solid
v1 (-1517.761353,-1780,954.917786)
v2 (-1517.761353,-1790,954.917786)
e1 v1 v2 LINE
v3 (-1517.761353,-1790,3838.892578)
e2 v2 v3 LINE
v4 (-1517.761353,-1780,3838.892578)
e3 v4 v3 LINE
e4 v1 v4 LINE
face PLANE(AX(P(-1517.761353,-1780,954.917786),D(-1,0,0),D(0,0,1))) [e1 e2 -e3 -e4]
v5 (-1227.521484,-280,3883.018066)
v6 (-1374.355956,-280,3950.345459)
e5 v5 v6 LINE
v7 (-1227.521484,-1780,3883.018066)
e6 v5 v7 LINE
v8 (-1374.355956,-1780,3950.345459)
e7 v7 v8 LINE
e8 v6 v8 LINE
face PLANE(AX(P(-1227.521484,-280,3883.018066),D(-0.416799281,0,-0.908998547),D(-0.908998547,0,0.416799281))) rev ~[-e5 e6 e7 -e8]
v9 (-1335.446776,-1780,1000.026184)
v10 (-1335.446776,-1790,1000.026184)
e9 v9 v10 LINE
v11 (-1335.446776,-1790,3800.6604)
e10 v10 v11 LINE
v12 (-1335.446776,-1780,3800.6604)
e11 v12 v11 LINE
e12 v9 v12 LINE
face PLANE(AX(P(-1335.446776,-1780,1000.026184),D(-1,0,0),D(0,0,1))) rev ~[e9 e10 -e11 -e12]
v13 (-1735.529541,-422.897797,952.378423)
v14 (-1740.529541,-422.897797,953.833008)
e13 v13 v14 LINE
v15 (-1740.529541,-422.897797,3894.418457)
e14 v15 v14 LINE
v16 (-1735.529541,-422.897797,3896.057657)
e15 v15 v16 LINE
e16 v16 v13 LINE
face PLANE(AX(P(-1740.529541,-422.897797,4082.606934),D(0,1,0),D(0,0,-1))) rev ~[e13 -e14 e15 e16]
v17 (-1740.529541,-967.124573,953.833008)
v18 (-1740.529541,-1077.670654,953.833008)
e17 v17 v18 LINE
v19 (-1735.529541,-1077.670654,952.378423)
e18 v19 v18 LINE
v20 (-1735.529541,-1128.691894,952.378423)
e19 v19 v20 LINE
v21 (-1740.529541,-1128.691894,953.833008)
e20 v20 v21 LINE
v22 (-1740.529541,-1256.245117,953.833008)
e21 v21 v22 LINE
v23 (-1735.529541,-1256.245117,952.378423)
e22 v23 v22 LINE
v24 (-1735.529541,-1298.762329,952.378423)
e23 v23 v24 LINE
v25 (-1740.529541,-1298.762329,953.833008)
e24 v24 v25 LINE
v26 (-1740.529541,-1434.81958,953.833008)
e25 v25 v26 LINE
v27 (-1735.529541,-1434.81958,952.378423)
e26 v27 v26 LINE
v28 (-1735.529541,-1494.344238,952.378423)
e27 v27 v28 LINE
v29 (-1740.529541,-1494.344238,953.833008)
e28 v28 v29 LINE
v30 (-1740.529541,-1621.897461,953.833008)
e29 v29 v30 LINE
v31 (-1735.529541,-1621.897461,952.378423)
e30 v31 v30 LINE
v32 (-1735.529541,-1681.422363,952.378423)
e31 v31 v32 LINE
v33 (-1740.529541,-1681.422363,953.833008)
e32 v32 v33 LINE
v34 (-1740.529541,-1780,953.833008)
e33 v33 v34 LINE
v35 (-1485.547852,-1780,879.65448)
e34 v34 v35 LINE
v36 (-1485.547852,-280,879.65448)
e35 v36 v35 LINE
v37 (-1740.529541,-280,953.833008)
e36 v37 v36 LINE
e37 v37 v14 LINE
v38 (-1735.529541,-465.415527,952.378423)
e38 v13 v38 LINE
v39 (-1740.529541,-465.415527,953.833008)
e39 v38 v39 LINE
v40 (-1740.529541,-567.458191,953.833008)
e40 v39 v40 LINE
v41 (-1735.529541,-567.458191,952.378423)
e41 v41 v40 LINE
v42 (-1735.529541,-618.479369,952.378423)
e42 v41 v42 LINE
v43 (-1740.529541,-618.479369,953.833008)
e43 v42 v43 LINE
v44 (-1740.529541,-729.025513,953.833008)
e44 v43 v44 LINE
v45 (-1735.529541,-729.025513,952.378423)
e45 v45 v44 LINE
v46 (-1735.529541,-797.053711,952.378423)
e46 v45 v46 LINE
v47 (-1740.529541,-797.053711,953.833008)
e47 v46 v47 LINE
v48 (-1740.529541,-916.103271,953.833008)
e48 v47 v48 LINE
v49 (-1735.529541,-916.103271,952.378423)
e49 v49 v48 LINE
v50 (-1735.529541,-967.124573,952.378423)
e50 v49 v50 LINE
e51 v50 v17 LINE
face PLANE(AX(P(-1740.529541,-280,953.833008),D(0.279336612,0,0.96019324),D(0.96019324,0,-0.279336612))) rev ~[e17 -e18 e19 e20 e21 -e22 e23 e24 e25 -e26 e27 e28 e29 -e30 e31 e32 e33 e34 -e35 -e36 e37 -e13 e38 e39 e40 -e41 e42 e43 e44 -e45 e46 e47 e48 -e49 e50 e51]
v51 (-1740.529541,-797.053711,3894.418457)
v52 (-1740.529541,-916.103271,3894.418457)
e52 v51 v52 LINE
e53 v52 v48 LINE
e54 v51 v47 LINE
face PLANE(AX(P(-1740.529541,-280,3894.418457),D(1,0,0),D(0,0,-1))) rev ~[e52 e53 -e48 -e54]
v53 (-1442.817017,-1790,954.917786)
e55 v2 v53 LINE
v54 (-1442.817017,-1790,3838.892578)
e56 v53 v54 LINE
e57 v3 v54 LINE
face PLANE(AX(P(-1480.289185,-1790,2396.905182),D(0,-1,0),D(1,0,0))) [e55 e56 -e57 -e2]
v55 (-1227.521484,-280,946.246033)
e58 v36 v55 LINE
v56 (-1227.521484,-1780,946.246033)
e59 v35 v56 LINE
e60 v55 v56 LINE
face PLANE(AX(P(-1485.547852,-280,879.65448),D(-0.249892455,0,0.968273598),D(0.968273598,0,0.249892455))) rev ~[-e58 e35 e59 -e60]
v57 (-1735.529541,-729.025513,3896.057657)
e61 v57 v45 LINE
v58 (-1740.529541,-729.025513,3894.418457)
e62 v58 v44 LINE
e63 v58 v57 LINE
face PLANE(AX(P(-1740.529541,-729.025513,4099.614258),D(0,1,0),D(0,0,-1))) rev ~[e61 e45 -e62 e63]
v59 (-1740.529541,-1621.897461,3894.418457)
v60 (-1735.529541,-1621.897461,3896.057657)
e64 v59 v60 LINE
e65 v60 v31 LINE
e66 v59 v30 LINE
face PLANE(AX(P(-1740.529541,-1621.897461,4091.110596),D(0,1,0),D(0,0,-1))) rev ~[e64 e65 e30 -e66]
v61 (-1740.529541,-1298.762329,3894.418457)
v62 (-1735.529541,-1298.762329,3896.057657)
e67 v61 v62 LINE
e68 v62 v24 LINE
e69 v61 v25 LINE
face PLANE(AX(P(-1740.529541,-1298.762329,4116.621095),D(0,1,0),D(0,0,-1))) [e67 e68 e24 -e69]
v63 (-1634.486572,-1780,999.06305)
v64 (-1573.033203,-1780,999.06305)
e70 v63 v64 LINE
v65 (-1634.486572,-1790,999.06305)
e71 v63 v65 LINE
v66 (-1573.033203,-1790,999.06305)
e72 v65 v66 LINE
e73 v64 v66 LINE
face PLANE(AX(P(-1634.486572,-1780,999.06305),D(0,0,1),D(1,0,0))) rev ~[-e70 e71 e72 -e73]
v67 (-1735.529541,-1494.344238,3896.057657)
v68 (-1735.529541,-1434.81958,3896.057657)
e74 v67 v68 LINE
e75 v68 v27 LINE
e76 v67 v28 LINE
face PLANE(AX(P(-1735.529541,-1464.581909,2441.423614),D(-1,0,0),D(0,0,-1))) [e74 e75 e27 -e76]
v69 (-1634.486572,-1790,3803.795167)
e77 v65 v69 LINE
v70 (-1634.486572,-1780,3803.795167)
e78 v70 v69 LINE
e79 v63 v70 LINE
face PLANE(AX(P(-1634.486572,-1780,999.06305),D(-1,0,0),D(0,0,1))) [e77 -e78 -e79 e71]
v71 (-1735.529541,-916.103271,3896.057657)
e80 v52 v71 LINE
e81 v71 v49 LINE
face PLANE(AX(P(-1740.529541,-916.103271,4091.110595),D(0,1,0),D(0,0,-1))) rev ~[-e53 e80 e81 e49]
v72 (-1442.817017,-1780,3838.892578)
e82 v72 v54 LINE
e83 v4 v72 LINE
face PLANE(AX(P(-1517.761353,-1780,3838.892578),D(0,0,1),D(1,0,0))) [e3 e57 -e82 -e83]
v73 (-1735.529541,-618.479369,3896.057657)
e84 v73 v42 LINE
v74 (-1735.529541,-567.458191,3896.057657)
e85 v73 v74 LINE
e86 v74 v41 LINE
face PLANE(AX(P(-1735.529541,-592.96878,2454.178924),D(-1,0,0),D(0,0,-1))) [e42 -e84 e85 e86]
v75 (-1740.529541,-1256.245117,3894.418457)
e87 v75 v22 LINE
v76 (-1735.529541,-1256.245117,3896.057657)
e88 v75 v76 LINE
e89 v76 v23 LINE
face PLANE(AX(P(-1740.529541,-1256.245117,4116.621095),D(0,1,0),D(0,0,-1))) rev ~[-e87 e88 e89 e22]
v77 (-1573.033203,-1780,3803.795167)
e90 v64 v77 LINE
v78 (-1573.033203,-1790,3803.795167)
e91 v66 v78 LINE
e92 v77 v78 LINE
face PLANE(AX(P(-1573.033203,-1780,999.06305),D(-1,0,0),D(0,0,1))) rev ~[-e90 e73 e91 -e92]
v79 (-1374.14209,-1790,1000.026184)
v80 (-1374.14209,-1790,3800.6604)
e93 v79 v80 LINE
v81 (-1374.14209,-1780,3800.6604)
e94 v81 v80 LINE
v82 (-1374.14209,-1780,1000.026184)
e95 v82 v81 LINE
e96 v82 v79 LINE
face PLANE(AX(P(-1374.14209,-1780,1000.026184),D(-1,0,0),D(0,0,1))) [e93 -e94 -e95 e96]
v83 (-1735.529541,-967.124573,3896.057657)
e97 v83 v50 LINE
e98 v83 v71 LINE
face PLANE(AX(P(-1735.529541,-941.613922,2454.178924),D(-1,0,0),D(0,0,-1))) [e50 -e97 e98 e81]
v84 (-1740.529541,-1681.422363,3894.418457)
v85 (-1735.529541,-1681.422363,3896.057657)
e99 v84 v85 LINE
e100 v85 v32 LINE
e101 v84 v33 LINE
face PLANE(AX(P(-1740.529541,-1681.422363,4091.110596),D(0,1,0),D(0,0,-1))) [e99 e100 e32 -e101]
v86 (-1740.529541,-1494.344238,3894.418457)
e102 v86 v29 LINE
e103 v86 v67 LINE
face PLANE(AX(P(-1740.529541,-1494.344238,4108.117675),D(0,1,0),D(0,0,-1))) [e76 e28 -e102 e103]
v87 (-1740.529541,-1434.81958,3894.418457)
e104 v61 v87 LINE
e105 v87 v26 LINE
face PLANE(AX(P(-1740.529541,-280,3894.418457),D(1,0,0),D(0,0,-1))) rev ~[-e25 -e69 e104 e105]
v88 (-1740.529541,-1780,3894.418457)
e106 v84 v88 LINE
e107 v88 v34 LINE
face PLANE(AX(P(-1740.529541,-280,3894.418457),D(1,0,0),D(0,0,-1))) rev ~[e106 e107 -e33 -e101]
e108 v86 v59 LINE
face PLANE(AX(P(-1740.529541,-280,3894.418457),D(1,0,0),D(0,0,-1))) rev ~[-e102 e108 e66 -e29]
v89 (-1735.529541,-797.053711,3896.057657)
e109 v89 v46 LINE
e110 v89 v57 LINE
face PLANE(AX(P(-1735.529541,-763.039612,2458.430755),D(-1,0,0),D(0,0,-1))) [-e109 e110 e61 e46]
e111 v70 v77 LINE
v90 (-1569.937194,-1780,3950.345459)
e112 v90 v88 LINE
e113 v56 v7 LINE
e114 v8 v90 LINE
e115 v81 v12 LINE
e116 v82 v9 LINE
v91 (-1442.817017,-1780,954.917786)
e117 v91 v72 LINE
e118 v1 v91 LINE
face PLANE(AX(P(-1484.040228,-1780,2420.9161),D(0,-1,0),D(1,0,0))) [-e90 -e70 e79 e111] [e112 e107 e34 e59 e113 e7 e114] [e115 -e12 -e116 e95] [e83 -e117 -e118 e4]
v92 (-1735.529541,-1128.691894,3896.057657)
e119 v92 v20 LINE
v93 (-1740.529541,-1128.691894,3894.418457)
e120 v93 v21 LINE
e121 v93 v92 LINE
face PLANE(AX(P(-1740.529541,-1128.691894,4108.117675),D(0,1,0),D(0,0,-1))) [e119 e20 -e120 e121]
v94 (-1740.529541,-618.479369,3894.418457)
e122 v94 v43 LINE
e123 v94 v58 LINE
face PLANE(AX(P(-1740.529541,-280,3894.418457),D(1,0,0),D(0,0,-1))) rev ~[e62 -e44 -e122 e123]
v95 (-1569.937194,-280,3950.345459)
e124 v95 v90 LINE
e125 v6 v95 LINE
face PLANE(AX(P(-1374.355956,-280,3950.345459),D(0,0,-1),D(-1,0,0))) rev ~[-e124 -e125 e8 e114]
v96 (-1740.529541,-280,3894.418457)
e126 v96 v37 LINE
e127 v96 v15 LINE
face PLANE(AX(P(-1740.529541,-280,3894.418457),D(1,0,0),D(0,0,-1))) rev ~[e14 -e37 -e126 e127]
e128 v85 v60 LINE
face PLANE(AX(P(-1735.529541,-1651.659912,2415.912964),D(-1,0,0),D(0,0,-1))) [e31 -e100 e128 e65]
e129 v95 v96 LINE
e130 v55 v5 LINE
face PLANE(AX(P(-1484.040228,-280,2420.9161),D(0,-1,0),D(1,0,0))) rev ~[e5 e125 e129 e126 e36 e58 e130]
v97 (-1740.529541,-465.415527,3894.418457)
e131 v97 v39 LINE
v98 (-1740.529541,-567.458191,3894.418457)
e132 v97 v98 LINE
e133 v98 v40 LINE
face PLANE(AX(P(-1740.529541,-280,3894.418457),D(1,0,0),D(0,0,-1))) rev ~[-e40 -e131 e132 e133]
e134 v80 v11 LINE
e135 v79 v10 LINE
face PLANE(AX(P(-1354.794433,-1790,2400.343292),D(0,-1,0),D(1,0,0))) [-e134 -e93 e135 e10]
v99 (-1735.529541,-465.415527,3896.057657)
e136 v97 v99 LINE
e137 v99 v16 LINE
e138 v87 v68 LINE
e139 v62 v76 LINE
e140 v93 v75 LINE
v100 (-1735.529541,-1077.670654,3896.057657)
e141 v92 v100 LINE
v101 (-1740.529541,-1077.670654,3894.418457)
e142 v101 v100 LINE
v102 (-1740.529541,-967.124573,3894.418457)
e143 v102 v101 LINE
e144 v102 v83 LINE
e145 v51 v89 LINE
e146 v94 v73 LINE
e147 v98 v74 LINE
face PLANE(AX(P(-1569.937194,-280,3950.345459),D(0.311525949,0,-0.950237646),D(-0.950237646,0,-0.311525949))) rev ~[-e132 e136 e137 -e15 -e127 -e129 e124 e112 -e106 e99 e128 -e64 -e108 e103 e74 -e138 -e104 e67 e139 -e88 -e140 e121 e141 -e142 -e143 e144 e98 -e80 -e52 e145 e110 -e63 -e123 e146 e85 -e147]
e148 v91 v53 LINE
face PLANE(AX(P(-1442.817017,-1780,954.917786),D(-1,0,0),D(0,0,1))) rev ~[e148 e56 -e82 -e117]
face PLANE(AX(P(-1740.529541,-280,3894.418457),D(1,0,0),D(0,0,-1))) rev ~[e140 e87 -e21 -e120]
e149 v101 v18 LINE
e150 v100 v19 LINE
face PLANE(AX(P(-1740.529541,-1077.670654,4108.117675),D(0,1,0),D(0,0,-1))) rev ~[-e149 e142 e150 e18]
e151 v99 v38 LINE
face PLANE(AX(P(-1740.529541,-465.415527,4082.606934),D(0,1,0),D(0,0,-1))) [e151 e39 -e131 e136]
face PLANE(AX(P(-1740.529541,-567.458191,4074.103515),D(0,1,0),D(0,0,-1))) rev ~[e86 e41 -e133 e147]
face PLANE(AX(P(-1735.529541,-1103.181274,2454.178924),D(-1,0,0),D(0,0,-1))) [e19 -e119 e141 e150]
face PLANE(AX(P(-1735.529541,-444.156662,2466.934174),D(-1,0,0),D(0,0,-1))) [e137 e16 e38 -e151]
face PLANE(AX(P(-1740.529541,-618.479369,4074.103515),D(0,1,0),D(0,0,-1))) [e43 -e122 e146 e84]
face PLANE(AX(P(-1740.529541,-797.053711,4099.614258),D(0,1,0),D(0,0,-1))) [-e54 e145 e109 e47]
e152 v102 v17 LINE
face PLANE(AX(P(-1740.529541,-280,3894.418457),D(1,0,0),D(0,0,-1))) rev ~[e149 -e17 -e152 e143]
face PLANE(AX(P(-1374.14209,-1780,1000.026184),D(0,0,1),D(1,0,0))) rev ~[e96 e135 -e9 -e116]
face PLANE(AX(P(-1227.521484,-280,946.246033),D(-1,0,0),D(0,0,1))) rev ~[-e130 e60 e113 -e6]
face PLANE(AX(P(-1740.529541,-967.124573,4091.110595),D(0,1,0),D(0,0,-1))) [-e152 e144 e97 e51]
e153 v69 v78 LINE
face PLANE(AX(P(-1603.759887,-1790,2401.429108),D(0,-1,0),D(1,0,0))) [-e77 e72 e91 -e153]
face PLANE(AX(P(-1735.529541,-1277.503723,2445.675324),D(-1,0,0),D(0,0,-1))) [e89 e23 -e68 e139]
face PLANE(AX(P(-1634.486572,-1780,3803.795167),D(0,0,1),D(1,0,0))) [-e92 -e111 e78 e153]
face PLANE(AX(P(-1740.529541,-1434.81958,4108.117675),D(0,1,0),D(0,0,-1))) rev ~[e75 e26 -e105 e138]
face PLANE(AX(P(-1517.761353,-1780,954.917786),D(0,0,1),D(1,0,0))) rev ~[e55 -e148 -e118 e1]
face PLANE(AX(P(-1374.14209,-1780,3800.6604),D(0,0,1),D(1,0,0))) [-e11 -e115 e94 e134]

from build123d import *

# Parameters (mm, degrees)
PAD001_DEPTH    = 1500
SKETCH036_W     = 3231.34552
SKETCH036_H     = 42.51773
SKETCH036_W_2   = 3239.849183
SKETCH036_H_2   = 51.021179
SKETCH036_W_3   = 3282.367005
SKETCH036_H_3   = 68.028198
SKETCH036_W_4   = 3273.863343
SKETCH036_H_4   = 51.021302
SKETCH036_W_5   = 3307.877503
SKETCH036_H_5   = 51.021241
SKETCH036_W_6   = 3341.891541
SKETCH036_H_6   = 42.517212
SKETCH036_W_7   = 3333.388123
SKETCH036_H_7   = 59.524658
SKETCH036_W_8   = 3350.395264
SKETCH036_H_8   = 59.524902
POCKET009_DEPTH = 5
SKETCH037_W     = 61.453369
SKETCH037_H     = 2804.732117
SKETCH037_W_2   = 74.944336
SKETCH037_H_2   = 2883.974792
SKETCH037_W_3   = 38.695313
SKETCH037_H_3   = 2800.634216
PAD026_DEPTH    = 10


with BuildPart() as part:
    # Sketch001 → Pad001 (new body)
    with BuildSketch(Plane.XZ):
        Polygon((-1192.529541, 3875.418457), (-1192.529541, 934.833008), (-937.547852, 860.65448), (-679.521484, 927.246033), (-679.521484, 3864.018066), (-826.355956, 3931.345459), (-1021.937194, 3931.345459), align=None)
    extrude(amount=PAD001_DEPTH)

    # Sketch036 (on Face1 of Pad001) → Pocket009 (cut)
    with BuildSketch(Plane(origin=(-1192.529541, 0, 0), x_dir=(0, 0, -1), z_dir=(-1, 0, 0))):
        with Locations((-2447.934174, 164.156662)):
            Rectangle(SKETCH036_W, SKETCH036_H)
        with Locations((-2435.178924, 312.96878)):
            Rectangle(SKETCH036_W_2, SKETCH036_H_2)
        with Locations((-2439.430755, 483.039612)):
            Rectangle(SKETCH036_W_3, SKETCH036_H_3)
        with Locations((-2435.178924, 661.613922)):
            Rectangle(SKETCH036_W_4, SKETCH036_H_4)
        with Locations((-2435.178924, 823.181274)):
            Rectangle(SKETCH036_W_5, SKETCH036_H_5)
        with Locations((-2426.675324, 997.503723)):
            Rectangle(SKETCH036_W_6, SKETCH036_H_6)
        with Locations((-2422.423614, 1184.581909)):
            Rectangle(SKETCH036_W_7, SKETCH036_H_7)
        with Locations((-2396.912964, 1371.659912)):
            Rectangle(SKETCH036_W_8, SKETCH036_H_8)
    extrude(amount=-POCKET009_DEPTH, mode=Mode.SUBTRACT)

    # Sketch037 (on Face10 of Pocket009) → Pad026 (join)
    with BuildSketch(Plane.XZ.offset(1500)):
        with Locations((-1055.759887, 2382.429108)):
            Rectangle(SKETCH037_W, SKETCH037_H)
        with Locations((-932.289185, 2377.905182)):
            Rectangle(SKETCH037_W_2, SKETCH037_H_2)
        with Locations((-806.794433, 2381.343292)):
            Rectangle(SKETCH037_W_3, SKETCH037_H_3)
    extrude(amount=PAD026_DEPTH)


with BuildPart() as part_1:
    # Body001 placement: moved
    add(part.part.moved(Location((-548, -280, 19))))


solid = part_1.part
